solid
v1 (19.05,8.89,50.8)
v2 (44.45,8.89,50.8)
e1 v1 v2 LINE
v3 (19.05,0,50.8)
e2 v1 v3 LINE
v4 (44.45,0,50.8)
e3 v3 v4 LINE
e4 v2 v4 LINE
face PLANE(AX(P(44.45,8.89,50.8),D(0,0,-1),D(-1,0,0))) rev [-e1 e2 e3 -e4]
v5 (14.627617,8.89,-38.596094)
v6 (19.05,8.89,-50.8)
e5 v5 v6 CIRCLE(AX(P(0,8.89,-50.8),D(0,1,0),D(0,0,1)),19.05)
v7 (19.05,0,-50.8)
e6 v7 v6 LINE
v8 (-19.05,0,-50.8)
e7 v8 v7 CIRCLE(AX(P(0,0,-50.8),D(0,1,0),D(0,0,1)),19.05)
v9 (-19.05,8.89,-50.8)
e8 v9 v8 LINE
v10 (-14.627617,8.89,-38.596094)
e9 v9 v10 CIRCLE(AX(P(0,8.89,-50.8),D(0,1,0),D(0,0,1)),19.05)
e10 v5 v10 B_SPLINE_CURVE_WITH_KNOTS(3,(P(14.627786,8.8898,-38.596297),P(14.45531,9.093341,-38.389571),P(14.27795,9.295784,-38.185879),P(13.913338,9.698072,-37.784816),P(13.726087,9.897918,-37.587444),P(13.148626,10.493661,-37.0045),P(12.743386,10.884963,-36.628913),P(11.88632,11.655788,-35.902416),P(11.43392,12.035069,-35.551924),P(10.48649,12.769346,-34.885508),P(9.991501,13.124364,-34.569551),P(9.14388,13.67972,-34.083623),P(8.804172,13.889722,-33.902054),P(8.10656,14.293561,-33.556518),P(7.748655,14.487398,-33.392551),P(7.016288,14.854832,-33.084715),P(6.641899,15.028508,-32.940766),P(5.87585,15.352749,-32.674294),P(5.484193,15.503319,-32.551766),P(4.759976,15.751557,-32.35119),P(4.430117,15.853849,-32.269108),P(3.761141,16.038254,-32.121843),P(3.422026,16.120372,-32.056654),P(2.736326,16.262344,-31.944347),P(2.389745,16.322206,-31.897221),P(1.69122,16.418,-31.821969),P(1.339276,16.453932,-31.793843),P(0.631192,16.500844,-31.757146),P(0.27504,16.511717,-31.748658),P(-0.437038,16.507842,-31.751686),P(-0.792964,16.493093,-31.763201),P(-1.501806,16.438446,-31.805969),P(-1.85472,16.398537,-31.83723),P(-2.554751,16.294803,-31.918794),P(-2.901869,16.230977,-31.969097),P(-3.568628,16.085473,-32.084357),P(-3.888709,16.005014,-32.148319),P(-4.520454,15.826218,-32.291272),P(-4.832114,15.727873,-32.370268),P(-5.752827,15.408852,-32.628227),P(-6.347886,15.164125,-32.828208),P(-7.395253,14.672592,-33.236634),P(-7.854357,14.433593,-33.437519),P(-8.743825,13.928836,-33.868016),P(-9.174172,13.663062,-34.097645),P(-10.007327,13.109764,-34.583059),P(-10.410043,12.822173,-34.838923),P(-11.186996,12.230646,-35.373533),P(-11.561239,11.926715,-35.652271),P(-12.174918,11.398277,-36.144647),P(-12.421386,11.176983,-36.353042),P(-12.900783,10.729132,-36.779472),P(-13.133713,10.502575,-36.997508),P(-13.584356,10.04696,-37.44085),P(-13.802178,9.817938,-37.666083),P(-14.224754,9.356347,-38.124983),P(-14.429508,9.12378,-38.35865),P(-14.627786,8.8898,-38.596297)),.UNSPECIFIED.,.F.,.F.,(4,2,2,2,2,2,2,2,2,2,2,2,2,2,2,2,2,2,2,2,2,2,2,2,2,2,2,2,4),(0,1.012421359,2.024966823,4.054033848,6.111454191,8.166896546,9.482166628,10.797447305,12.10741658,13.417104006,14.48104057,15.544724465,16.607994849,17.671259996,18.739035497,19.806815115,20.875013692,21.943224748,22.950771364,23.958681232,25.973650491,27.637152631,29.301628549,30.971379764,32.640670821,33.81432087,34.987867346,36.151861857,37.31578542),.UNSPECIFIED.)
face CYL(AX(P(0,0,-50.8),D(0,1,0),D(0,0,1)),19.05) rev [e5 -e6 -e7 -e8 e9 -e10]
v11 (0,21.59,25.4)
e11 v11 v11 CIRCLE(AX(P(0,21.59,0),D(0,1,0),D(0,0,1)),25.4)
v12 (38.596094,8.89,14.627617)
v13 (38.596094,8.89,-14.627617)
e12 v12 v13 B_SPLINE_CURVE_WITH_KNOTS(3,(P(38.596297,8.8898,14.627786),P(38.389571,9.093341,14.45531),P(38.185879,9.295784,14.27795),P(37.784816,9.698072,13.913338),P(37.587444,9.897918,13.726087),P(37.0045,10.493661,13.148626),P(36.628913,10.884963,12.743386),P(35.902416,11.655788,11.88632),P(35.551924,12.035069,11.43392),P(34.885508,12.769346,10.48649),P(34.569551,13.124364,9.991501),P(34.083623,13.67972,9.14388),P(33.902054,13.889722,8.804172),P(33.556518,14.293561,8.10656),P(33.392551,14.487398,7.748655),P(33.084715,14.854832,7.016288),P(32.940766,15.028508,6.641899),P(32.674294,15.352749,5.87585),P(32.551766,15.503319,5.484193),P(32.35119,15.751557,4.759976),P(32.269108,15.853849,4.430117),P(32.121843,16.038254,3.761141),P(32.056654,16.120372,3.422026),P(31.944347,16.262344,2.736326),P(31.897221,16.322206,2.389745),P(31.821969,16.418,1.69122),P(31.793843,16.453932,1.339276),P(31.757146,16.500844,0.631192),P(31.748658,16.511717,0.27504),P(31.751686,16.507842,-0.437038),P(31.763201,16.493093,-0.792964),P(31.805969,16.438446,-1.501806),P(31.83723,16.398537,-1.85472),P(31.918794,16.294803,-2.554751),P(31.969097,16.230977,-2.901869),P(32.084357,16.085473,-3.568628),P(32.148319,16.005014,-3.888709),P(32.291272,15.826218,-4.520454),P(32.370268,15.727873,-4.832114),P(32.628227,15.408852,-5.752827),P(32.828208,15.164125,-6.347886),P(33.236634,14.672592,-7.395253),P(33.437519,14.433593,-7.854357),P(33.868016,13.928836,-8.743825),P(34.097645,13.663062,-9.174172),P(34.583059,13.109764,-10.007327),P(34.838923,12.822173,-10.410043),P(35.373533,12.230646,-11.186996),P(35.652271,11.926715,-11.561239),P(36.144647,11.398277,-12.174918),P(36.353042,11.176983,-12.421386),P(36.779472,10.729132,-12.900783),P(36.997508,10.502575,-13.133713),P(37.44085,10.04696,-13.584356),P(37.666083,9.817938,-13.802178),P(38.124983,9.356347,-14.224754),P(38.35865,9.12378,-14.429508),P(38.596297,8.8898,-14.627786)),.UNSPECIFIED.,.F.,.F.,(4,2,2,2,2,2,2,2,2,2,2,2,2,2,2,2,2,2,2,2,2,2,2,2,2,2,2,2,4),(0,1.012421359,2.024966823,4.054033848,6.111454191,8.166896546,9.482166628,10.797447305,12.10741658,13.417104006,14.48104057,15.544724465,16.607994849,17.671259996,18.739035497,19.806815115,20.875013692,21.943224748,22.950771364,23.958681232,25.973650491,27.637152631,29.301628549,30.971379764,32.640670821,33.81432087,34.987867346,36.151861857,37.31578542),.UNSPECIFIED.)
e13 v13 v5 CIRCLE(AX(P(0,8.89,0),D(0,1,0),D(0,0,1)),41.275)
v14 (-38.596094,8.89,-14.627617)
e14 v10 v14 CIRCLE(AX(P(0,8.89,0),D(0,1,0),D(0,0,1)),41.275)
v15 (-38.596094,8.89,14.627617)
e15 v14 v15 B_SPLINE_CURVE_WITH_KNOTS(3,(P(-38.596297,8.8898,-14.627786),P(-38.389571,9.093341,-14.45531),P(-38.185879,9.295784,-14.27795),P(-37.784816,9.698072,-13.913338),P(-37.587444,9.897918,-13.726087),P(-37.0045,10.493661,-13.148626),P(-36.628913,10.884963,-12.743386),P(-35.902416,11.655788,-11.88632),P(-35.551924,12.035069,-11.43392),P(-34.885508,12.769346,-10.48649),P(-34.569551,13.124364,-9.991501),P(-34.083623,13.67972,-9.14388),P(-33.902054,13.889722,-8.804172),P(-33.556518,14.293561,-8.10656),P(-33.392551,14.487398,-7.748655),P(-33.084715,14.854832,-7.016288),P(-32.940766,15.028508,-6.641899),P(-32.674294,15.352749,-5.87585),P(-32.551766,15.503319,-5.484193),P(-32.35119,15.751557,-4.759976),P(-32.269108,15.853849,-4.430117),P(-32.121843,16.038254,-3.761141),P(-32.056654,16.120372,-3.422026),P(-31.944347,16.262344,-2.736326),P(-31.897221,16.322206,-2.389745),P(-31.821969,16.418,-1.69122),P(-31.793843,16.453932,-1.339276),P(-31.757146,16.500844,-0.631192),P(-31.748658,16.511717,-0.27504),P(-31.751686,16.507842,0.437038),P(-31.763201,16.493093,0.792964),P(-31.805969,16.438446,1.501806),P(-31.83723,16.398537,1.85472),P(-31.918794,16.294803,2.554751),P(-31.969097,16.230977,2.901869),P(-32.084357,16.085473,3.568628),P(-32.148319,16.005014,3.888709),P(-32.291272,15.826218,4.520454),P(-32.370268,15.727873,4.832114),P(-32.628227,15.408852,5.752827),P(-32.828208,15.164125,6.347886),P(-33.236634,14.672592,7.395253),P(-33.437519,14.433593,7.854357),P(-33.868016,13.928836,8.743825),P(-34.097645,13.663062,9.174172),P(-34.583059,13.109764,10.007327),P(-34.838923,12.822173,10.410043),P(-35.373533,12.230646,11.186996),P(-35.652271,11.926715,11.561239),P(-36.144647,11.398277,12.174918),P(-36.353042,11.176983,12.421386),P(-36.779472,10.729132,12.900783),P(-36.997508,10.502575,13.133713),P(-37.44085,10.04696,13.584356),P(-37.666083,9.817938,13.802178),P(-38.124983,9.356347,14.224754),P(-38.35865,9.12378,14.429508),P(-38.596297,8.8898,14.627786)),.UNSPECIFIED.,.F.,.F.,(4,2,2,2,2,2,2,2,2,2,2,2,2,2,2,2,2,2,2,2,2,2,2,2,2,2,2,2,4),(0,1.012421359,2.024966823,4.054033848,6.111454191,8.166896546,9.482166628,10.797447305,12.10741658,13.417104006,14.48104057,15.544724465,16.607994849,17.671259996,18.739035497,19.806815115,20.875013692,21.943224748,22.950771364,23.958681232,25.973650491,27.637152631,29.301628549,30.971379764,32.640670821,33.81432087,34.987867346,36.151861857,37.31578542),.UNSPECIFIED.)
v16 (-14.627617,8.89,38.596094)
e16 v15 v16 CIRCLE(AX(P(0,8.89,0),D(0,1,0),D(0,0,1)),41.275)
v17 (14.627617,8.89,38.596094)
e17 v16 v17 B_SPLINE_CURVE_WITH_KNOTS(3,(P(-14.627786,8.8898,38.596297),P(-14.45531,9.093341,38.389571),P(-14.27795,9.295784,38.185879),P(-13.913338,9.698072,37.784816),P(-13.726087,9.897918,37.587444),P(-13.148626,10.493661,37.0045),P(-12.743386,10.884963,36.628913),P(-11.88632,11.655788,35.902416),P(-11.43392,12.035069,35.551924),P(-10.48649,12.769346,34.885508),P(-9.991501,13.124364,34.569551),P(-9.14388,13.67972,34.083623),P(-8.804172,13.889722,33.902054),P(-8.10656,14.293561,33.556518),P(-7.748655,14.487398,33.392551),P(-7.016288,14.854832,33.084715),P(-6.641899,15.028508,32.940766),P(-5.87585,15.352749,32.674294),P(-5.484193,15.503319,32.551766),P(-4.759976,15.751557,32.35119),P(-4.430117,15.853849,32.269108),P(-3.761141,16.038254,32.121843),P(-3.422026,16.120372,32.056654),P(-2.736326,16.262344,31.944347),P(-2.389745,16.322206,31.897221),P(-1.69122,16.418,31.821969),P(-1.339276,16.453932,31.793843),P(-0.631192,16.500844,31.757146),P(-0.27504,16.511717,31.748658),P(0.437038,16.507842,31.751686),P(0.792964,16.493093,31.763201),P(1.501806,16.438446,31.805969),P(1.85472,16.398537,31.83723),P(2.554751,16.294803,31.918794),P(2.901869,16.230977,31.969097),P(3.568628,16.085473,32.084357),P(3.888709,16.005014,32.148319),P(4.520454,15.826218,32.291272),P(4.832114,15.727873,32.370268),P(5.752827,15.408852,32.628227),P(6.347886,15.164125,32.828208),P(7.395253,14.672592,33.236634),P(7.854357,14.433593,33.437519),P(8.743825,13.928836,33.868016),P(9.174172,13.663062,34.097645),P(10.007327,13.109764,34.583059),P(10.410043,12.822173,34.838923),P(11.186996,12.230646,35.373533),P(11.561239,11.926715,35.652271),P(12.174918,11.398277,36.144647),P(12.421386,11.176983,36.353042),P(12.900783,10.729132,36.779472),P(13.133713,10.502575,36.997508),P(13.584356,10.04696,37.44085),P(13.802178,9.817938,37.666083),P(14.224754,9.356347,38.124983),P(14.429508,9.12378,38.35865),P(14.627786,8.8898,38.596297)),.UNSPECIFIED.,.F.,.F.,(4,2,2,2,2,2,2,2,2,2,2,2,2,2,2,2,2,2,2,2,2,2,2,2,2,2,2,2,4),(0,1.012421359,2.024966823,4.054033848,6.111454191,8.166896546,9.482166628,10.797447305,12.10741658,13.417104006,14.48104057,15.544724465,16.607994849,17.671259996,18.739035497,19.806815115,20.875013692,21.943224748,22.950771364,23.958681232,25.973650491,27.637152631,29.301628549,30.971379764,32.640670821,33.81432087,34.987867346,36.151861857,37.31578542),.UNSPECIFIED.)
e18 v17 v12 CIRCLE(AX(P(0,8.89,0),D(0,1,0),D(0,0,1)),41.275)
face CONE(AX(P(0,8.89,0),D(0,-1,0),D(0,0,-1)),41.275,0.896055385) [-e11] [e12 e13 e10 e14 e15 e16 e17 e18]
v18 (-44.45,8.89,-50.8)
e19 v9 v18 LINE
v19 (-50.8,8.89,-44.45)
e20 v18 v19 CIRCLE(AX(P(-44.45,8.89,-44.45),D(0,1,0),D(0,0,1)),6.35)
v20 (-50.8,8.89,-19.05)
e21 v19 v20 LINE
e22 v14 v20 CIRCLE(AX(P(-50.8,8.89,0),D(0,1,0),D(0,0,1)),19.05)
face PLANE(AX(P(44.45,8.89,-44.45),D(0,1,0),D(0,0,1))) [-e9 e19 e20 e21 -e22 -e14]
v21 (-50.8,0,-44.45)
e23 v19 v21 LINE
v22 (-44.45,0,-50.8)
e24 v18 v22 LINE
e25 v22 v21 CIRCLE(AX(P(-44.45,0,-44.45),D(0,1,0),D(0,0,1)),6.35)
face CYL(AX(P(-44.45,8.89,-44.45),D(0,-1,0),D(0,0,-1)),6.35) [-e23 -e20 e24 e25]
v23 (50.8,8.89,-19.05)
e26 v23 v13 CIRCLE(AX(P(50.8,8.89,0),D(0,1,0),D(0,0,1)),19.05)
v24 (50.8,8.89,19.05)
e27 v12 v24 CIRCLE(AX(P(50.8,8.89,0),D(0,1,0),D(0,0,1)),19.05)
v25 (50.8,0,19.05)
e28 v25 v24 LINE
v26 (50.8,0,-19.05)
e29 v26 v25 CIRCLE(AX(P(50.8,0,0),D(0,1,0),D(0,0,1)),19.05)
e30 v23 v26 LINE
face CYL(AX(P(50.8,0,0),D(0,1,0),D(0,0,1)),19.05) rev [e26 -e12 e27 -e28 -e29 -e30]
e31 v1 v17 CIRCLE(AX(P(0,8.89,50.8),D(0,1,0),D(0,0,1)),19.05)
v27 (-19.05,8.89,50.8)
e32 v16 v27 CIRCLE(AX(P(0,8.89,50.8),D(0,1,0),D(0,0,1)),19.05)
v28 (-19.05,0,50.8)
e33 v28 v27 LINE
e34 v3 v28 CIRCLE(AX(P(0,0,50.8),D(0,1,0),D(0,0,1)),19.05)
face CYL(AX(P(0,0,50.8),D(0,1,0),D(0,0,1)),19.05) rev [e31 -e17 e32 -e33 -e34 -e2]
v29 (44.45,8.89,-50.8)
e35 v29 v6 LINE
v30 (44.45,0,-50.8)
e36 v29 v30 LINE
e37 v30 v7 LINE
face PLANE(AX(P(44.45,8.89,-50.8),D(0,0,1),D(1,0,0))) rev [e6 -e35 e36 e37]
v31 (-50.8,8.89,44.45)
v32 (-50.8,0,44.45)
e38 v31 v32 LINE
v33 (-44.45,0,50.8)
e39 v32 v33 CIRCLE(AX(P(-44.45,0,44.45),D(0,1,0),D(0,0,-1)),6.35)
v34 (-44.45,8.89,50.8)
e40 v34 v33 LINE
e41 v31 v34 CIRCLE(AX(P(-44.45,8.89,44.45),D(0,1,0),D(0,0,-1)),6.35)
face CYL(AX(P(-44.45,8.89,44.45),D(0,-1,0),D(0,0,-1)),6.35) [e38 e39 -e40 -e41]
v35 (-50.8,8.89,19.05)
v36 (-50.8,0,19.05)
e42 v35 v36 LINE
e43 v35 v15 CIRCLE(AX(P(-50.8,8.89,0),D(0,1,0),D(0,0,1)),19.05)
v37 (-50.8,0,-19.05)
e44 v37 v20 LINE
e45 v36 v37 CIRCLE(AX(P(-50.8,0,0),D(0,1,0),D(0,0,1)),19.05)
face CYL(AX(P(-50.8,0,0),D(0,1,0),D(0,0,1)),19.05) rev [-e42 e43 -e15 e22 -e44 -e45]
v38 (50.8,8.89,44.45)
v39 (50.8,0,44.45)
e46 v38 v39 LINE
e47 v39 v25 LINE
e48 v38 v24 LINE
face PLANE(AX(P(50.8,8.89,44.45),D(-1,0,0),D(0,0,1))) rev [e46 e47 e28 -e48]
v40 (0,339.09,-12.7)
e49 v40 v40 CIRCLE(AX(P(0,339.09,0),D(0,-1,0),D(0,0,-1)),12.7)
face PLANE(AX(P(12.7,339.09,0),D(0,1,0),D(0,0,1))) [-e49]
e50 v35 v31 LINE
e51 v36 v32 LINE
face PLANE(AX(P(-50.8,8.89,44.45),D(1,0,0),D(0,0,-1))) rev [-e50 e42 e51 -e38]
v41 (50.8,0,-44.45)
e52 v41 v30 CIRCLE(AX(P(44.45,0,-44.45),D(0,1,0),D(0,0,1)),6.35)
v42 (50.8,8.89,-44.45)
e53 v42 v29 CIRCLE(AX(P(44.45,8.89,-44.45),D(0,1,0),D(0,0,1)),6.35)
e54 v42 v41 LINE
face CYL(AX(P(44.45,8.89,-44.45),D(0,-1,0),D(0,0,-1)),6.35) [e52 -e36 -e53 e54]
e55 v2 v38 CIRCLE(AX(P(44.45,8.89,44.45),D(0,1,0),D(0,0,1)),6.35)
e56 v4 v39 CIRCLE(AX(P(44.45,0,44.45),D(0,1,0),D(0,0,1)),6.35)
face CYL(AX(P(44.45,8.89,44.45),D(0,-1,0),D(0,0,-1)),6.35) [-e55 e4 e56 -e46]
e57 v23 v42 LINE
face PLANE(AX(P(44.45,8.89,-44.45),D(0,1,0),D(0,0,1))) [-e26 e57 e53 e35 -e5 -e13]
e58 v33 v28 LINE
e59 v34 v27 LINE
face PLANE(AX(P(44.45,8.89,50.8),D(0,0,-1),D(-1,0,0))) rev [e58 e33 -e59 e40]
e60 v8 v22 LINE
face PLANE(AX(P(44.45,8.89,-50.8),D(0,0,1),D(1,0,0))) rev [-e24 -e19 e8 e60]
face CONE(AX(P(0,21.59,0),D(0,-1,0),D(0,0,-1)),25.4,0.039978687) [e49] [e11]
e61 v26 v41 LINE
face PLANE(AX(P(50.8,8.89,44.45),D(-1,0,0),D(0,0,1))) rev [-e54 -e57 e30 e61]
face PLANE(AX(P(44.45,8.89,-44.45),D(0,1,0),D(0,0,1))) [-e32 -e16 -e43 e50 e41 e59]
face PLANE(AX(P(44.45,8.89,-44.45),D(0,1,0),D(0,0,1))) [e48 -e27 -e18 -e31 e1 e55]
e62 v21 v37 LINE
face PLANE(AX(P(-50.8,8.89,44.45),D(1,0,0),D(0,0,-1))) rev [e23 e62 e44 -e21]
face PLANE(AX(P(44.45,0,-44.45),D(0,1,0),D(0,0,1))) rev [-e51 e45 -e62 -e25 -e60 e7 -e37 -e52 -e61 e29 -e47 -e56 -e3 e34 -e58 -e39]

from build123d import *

# Parameters (mm, degrees)
BOSS_EXTRUDE1_DEPTH = 8.89
SKETCH5_R           = 19.05
CUT_EXTRUDE2_DEPTH  = 22.59


with BuildPart() as part:
    # Sketch1 → Boss-Extrude1 (new body)
    with BuildSketch(Plane(origin=(0, 0, 0), x_dir=(1, 0, 0), z_dir=(0, 1, 0))):
        with BuildLine():
            Line((44.45, -50.8), (-44.45, -50.8))
            ThreePointArc((-44.45, -50.8), (-48.940128061, -48.940128061), (-50.8, -44.45))
            Line((-50.8, -44.45), (-50.8, 44.45))
            ThreePointArc((-50.8, 44.45), (-48.940128061, 48.940128061), (-44.45, 50.8))
            Line((-44.45, 50.8), (44.45, 50.8))
            ThreePointArc((44.45, 50.8), (48.940128061, 48.940128061), (50.8, 44.45))
            Line((50.8, 44.45), (50.8, -44.45))
            ThreePointArc((50.8, -44.45), (48.940128061, -48.940128061), (44.45, -50.8))
        make_face()
    extrude(amount=BOSS_EXTRUDE1_DEPTH)

    # Sketch2 → Revolve1 (revolve)
    with BuildSketch(Plane.XY):
        Polygon((0, 8.89), (0, 21.59), (25.4, 21.59), (41.275, 8.89), align=None)
    revolve(axis=Axis((0, 37.971899969, 0), (0, -1, 0)))

    # Sketch5 → Cut-Extrude2 (cut, through all)
    with BuildSketch(Plane(origin=(0, 21.59, 0), x_dir=(1, 0, 0), z_dir=(0, 1, 0))):
        with Locations((0, 50.8)):
            Circle(SKETCH5_R)
        with Locations((50.8, 0)):
            Circle(SKETCH5_R)
        with Locations((0, -50.8)):
            Circle(SKETCH5_R)
        with Locations((-50.8, 0)):
            Circle(SKETCH5_R)
    extrude(amount=-CUT_EXTRUDE2_DEPTH, mode=Mode.SUBTRACT)

    # Sketch6 → Revolve2 (revolve)
    with BuildSketch(Plane.XY):
        Polygon((0, 21.59), (25.4, 21.59), (12.7, 339.09), (0, 339.09), align=None)
    revolve(axis=Axis((0, 0, 0), (0, 1, 0)))


solid = part.part
